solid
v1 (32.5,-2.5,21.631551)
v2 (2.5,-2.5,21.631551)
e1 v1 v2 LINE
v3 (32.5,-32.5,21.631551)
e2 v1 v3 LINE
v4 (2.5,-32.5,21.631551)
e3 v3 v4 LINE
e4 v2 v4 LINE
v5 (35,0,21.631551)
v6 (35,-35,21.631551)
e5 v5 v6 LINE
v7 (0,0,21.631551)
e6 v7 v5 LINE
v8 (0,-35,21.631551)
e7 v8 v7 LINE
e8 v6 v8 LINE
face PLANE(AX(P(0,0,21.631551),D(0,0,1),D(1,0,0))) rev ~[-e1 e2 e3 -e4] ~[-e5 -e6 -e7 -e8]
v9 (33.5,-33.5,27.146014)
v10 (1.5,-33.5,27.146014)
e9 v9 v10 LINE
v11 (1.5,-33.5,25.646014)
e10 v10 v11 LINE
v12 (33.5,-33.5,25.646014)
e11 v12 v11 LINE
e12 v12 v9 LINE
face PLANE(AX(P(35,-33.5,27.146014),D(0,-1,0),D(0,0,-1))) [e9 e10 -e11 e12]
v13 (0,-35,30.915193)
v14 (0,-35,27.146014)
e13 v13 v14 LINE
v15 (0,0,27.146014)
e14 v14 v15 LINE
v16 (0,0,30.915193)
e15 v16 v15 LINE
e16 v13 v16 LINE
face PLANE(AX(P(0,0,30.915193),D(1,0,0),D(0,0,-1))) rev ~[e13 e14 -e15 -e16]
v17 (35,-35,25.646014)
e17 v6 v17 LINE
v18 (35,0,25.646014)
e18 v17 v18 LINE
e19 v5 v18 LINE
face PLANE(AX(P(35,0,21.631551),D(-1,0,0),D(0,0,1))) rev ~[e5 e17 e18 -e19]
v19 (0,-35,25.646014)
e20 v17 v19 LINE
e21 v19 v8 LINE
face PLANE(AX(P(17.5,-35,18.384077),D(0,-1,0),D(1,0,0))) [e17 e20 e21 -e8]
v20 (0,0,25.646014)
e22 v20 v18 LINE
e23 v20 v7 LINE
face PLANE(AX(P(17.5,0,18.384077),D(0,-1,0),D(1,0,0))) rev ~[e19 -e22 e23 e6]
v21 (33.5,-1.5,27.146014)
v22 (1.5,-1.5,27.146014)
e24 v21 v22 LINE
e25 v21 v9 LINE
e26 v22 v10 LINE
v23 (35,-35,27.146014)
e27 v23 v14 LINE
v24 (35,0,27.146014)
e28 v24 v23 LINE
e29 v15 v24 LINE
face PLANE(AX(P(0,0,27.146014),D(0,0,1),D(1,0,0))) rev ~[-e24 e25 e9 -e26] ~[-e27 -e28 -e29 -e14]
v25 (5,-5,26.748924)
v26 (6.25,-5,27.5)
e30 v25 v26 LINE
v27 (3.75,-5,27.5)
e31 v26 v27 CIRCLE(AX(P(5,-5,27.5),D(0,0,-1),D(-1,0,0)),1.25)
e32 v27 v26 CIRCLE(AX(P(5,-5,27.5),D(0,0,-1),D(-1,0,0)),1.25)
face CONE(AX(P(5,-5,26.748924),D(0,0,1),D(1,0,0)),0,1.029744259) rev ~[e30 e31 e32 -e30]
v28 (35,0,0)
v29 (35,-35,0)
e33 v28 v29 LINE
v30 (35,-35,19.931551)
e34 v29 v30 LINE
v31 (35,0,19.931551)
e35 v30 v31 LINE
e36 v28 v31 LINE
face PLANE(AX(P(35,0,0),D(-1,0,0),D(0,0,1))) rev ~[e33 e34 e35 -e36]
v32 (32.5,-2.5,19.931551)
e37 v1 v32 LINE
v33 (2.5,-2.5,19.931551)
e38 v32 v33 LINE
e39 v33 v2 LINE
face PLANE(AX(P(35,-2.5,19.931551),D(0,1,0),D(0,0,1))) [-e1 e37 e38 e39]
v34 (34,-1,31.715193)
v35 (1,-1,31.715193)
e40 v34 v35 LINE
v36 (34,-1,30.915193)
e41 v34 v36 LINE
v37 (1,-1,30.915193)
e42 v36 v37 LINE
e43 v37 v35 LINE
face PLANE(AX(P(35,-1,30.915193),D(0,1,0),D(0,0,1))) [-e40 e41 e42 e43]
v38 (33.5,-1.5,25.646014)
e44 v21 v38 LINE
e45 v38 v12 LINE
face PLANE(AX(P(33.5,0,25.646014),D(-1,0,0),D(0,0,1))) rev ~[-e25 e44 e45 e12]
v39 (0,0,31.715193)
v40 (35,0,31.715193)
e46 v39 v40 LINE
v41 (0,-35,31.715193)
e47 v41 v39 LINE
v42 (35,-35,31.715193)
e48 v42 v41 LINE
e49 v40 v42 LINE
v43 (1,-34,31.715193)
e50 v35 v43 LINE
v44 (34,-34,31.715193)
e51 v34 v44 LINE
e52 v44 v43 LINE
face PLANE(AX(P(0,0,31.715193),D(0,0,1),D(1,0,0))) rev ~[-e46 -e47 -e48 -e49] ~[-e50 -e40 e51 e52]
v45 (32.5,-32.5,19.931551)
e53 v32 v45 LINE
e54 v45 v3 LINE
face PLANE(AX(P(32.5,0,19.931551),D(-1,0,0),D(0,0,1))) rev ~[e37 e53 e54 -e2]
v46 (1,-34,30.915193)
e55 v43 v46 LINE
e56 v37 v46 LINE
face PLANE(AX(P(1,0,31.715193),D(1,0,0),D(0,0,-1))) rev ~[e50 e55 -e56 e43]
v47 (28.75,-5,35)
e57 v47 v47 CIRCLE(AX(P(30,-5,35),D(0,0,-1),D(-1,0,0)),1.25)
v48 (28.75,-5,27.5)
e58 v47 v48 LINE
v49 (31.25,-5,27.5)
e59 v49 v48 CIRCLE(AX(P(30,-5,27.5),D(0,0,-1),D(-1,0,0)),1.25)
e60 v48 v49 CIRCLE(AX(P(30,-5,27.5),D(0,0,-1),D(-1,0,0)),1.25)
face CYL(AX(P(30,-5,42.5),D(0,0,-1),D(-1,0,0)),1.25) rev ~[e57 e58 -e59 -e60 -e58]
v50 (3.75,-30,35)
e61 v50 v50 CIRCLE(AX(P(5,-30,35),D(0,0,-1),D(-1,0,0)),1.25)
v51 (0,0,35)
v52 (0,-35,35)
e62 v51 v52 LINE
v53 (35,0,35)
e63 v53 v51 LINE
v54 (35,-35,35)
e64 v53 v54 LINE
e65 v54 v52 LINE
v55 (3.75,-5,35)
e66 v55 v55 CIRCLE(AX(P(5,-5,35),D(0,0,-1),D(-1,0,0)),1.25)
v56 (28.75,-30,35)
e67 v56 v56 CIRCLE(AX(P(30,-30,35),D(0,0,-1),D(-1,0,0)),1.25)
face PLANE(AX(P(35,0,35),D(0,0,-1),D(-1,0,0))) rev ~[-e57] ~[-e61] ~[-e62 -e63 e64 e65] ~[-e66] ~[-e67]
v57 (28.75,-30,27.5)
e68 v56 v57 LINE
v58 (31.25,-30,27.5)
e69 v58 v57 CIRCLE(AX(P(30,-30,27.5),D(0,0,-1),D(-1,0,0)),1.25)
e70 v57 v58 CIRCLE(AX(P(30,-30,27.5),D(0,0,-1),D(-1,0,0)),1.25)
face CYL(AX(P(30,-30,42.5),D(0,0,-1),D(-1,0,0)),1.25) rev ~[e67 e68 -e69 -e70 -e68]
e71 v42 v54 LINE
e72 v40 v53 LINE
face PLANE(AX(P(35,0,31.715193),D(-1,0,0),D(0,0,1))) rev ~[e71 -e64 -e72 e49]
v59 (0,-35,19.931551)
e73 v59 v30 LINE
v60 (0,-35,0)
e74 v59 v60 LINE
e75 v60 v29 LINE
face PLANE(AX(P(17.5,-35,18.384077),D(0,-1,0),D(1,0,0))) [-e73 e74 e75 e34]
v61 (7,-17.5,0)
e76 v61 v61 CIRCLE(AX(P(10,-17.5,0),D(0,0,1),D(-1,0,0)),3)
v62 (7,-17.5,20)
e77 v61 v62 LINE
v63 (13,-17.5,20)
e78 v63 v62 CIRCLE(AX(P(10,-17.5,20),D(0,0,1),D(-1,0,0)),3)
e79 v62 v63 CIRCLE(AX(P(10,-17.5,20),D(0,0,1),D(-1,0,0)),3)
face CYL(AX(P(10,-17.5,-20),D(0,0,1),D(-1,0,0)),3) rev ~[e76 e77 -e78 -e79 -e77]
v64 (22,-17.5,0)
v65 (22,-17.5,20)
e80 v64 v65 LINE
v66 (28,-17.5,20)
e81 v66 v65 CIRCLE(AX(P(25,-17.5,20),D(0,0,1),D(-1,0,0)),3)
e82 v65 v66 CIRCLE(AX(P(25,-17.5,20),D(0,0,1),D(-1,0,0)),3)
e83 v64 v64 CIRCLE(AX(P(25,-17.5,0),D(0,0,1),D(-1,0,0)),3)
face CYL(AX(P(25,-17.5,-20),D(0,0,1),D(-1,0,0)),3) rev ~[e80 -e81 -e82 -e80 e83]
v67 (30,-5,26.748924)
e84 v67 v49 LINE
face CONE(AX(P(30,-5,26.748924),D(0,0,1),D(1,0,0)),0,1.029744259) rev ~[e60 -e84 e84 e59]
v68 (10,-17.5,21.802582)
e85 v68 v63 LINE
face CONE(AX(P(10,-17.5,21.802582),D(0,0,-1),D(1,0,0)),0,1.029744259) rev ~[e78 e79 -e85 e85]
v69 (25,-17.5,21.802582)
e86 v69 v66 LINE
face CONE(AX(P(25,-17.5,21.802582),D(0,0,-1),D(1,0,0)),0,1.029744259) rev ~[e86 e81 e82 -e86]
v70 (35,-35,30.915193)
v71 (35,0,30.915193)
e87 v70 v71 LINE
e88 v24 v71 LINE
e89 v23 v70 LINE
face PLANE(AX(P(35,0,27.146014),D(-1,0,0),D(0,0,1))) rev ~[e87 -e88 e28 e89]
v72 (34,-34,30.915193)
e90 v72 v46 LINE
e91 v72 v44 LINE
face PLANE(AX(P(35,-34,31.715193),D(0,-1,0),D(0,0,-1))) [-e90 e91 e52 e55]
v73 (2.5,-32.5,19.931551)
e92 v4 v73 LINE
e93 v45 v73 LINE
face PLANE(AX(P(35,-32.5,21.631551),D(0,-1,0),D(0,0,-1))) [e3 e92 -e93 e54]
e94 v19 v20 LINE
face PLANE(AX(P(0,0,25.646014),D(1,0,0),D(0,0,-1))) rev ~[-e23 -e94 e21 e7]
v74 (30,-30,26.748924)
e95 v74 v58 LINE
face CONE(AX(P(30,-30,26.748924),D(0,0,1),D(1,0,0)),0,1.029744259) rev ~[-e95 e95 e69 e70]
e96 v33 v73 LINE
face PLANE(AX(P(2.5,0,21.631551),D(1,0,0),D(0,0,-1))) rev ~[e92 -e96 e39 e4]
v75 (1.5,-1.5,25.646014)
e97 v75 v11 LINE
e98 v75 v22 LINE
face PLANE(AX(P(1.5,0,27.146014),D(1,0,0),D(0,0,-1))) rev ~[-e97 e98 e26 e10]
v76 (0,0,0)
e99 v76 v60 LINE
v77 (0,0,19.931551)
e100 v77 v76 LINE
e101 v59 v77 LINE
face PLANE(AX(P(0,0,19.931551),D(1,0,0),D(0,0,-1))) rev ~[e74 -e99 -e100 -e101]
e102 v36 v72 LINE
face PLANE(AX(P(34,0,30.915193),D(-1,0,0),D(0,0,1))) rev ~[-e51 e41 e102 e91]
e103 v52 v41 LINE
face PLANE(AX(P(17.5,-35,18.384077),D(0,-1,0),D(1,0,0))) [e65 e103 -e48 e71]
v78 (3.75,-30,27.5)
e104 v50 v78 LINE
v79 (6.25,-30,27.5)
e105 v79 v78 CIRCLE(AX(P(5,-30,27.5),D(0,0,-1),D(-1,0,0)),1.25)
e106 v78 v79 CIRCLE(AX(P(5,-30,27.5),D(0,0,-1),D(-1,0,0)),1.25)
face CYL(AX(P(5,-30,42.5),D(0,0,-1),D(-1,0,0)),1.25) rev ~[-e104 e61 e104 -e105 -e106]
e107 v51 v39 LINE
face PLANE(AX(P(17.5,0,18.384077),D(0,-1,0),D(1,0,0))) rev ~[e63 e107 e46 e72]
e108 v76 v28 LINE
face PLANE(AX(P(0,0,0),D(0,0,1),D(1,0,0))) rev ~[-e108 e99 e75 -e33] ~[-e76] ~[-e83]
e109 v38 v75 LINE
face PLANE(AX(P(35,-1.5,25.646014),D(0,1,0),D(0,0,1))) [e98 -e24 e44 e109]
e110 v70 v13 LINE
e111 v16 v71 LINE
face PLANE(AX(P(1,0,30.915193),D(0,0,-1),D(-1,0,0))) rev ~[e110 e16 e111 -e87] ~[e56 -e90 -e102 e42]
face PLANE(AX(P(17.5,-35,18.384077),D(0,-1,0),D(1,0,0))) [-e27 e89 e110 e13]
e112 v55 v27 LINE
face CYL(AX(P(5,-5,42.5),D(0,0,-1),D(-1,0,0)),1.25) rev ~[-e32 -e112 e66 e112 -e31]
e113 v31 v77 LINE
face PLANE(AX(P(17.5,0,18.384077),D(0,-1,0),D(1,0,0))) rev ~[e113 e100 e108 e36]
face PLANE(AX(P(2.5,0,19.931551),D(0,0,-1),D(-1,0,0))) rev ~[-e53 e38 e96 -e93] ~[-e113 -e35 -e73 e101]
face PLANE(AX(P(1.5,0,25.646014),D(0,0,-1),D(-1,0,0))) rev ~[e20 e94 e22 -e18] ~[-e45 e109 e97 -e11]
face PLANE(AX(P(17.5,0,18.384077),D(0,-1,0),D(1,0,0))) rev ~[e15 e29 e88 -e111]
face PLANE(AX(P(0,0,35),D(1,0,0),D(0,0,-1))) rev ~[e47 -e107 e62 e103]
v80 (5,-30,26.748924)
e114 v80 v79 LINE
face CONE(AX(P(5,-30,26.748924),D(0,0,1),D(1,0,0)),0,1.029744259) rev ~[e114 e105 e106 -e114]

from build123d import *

# Parameters (mm, degrees)
F1_DEPTH = 35
F3_D     = 6
F3_DEPTH = 20
F3_TIP   = 1.8025818571
F5_DEPTH = 35
F7_D     = 2.5
F7_DEPTH = 7.5
F7_TIP   = 0.7510757738


with BuildPart() as f1:
    # F0 (on Front) → F1 (new body)
    with BuildSketch(Plane.XZ):
        Polygon((0, 19.931551069), (0, 0), (35, 0), (35, 19.931551069), (32.5, 19.931551069), (32.5, 21.631551069), (35, 21.631551069), (35, 25.6460141391), (33.5, 25.6460141391), (33.5, 27.1460141391), (35, 27.1460141391), (35, 30.9151932597), (34, 30.9151932597), (34, 31.7151932597), (35, 31.7151932597), (35, 35), (0, 35), (0, 31.7151932597), (1, 31.7151932597), (1, 30.9151932597), (0, 30.9151932597), (0, 27.1460141391), (1.5, 27.1460141391), (1.5, 25.6460141391), (0, 25.6460141391), (0, 21.631551069), (2.5, 21.631551069), (2.5, 19.931551069), align=None)
    extrude(amount=F1_DEPTH)

    # F3
    with Locations(Plane(origin=(0, 0, 0), x_dir=(1, 0, 0), z_dir=(0, 0, -1))):
        with Locations((10, 17.5), (25, 17.5)):
            Hole(F3_D / 2, depth=F3_DEPTH)
            with Locations((0, 0, -(F3_DEPTH + F3_TIP / 2))):  # 118° drill point
                Cone(0, F3_D / 2, F3_TIP, mode=Mode.SUBTRACT)

    # F4 (on face) → F5 (intersect)
    with BuildSketch(Plane.YZ.offset(35)):
        Polygon((-35, 19.931551069), (-35, 0), (0, 0), (0, 19.931551069), (-2.5, 19.931551069), (-2.5, 21.631551069), (0, 21.631551069), (0, 25.6460141391), (-1.5, 25.6460141391), (-1.5, 27.1460141391), (0, 27.1460141391), (0, 30.9151932597), (-1, 30.9151932597), (-1, 31.7151932597), (0, 31.7151932597), (0, 35), (-35, 35), (-35, 31.7151932597), (-34, 31.7151932597), (-34, 30.9151932597), (-35, 30.9151932597), (-35, 27.1460141391), (-33.5, 27.1460141391), (-33.5, 25.6460141391), (-35, 25.6460141391), (-35, 21.631551069), (-32.5, 21.631551069), (-32.5, 19.931551069), align=None)
    extrude(amount=-F5_DEPTH, mode=Mode.INTERSECT)

    # F7
    with Locations(Plane.XY.offset(35)):
        with Locations((30, -30), (30, -5), (5, -5), (5, -30)):
            Hole(F7_D / 2, depth=F7_DEPTH)
            with Locations((0, 0, -(F7_DEPTH + F7_TIP / 2))):  # 118° drill point
                Cone(0, F7_D / 2, F7_TIP, mode=Mode.SUBTRACT)


solid = f1.part
